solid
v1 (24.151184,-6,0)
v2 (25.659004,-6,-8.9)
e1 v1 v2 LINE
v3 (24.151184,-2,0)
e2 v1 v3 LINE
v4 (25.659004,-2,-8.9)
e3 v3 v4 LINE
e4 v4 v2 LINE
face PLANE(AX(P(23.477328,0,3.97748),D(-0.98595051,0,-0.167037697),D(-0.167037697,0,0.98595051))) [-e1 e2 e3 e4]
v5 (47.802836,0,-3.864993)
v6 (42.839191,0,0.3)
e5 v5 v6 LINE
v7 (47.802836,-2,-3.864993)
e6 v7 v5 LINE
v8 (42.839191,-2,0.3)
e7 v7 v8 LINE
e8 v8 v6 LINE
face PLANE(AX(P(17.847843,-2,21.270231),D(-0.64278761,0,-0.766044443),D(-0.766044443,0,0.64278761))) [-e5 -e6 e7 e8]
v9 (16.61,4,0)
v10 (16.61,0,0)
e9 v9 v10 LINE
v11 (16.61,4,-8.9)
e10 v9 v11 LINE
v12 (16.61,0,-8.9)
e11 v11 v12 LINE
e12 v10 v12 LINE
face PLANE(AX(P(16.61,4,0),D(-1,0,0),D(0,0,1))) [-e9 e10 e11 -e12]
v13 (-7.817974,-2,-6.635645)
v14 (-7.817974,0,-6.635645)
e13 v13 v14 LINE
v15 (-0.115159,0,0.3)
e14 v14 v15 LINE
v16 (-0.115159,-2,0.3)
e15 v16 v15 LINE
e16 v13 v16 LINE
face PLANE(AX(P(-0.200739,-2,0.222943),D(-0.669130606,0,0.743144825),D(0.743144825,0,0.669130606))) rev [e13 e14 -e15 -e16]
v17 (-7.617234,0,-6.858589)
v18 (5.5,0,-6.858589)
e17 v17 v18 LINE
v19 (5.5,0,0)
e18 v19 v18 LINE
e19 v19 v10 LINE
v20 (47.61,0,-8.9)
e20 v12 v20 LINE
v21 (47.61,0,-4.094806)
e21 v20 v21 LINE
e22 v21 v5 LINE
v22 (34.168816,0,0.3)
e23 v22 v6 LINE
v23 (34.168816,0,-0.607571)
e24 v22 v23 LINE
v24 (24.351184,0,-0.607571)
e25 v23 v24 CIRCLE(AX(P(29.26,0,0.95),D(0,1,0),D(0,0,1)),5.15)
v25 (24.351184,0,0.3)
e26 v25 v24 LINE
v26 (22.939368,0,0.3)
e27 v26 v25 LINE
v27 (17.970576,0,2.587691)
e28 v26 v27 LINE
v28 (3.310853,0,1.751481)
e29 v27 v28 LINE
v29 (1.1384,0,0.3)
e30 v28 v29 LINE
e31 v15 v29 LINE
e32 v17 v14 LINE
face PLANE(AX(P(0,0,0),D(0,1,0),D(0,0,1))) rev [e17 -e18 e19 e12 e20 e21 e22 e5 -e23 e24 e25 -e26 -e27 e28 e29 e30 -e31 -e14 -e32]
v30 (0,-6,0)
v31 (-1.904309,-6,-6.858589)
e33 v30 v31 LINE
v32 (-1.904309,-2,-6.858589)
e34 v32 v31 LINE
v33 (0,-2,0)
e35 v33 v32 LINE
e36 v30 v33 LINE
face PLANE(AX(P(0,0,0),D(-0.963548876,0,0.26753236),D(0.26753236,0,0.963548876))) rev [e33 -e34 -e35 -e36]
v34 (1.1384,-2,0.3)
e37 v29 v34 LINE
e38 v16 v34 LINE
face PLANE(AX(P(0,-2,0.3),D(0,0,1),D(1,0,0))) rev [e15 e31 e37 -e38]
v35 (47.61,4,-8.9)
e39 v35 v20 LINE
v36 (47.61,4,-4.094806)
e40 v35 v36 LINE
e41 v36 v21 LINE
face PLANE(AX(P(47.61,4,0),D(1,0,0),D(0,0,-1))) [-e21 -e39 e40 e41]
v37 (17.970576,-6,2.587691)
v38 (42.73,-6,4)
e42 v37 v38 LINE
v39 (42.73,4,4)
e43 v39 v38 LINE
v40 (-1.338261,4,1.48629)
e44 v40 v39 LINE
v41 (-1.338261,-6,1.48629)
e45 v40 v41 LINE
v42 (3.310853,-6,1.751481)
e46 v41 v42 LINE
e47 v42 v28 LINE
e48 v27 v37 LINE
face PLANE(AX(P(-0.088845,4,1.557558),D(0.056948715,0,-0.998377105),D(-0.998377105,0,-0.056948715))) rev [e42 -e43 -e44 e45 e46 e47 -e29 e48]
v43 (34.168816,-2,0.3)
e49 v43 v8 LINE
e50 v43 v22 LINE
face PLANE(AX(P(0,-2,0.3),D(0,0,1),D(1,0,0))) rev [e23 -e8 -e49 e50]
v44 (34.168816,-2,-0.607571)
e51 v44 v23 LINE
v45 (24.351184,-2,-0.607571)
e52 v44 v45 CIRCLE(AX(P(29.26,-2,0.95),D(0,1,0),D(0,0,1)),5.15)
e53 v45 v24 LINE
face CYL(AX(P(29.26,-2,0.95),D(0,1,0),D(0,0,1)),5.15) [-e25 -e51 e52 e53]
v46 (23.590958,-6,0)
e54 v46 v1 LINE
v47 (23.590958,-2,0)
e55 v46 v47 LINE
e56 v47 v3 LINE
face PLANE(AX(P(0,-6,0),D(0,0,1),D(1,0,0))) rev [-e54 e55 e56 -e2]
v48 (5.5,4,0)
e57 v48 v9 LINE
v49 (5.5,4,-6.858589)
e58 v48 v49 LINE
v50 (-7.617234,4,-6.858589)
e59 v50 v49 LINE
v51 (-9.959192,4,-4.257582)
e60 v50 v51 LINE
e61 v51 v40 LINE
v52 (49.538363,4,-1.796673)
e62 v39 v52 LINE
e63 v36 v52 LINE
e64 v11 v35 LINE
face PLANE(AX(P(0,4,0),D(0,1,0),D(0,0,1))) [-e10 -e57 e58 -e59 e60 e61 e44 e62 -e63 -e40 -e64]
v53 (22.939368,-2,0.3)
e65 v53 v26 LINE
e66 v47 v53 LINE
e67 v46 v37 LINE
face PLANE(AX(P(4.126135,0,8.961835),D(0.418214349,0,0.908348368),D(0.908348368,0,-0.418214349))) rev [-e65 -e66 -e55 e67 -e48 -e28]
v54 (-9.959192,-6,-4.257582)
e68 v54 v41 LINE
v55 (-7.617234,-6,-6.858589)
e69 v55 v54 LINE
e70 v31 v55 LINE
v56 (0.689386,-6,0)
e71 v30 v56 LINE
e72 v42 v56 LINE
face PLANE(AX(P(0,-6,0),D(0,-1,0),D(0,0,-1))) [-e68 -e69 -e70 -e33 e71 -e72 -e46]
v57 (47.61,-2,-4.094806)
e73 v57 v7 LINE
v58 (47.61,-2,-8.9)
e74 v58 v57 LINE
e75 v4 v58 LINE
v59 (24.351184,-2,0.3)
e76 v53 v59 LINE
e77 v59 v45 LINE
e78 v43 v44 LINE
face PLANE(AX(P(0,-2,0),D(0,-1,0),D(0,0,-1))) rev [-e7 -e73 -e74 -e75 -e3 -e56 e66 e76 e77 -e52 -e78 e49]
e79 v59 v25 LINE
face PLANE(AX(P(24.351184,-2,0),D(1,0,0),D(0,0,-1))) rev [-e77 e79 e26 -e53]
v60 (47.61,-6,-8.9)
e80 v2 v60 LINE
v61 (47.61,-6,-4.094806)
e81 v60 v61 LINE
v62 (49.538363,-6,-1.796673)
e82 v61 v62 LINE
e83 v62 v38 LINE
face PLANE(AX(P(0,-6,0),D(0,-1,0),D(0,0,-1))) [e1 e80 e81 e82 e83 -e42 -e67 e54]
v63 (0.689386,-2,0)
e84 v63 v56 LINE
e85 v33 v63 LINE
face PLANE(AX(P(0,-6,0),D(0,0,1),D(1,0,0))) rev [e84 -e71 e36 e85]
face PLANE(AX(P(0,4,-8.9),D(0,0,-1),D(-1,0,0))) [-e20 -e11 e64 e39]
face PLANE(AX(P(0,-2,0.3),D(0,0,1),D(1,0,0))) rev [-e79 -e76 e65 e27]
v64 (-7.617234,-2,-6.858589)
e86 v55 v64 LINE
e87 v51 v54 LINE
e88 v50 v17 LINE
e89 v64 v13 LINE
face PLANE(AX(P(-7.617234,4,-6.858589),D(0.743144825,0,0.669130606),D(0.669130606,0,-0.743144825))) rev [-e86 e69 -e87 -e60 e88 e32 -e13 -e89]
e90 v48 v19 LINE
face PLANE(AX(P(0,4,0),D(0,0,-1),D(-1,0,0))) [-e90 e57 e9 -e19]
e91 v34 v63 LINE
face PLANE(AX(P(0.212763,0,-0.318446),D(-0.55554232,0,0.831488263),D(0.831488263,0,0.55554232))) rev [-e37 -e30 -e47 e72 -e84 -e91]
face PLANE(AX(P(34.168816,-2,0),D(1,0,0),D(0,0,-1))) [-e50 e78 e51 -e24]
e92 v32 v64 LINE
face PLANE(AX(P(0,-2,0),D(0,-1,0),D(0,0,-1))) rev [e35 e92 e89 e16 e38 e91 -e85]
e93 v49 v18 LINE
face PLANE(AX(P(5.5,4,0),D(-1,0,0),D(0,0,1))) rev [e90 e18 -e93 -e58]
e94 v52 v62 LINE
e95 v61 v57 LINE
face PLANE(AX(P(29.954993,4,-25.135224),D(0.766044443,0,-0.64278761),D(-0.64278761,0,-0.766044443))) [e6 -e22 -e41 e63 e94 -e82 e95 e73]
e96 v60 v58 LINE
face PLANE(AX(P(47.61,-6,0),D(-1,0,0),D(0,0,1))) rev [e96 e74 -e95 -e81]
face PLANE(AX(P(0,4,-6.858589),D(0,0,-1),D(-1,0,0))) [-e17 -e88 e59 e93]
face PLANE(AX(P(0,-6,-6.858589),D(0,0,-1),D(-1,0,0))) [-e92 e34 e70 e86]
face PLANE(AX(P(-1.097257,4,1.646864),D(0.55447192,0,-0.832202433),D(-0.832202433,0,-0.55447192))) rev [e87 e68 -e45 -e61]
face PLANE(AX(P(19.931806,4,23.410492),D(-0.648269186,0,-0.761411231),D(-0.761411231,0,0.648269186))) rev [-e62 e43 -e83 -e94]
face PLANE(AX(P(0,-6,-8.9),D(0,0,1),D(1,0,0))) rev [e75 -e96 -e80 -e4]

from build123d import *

# Parameters (mm, degrees)
BOSS_EXTRUDE2_DEPTH = 4
BOSS_EXTRUDE3_DEPTH = 2
BOSS_EXTRUDE4_DEPTH = 4
SKETCH5_W           = 5.555
SKETCH5_H           = 3.214115871
CUT_EXTRUDE1_DEPTH  = 6


with BuildPart() as part:
    # Sketch2 → Boss-Extrude2 (new body)
    with BuildSketch(Plane(origin=(0, 0, 0), x_dir=(1, 0, 0), z_dir=(0, 1, 0))):
        Polygon((5.5, 6.858588715), (-7.617234461, 6.858588715), (-9.959191583, 4.257581826), (-1.338261213, -1.486289651), (42.73, -4), (49.538362829, 1.796672871), (47.61, 4.0948062), (47.61, 8.9), (16.61, 8.9), (16.61, 0), (5.5, 0), align=None)
    extrude(amount=BOSS_EXTRUDE2_DEPTH)

    # Sketch2<9> → Boss-Extrude3 (add)
    with BuildSketch(Plane(origin=(0, 0, 0), x_dir=(1, 0, 0), z_dir=(0, 1, 0))):
        with BuildLine():
            Line((-0.115159211, -0.3), (-7.817973643, 6.635645268))
            Line((-7.817973643, 6.635645268), (-9.959191583, 4.257581826))
            Line((-9.959191583, 4.257581826), (-1.338261213, -1.486289651))
            Line((-1.338261213, -1.486289651), (42.73, -4))
            Line((42.73, -4), (49.538362829, 1.796672871))
            Line((49.538362829, 1.796672871), (47.802836283, 3.864992867))
            Line((47.802836283, 3.864992867), (42.83919107, -0.3))
            Line((42.83919107, -0.3), (34.16881591, -0.3))
            Line((34.16881591, -0.3), (34.16881591, 0.607570661))
            ThreePointArc((34.16881591, 0.607570661), (29.26, 4.2), (24.35118409, 0.607570661))
            Line((24.35118409, 0.607570661), (24.35118409, -0.3))
            Line((24.35118409, -0.3), (-0.115159211, -0.3))
        make_face()
    extrude(amount=-BOSS_EXTRUDE3_DEPTH)

    # Sketch4 → Boss-Extrude4 (add)
    with BuildSketch(Plane(origin=(0, -2, 0), x_dir=(-1, 0, 0), z_dir=(0, -1, 0))):
        Polygon((-47.61, 8.9), (-47.61, 4.0948062), (-49.538362829, 1.796672871), (-42.73, -4), (1.338261213, -1.486289651), (9.959191583, 4.257581826), (7.617234461, 6.858588715), (0, 6.858588715), (0, 0), (-24.15118409, 0), (-24.15118409, 8.9), align=None)
    extrude(amount=BOSS_EXTRUDE4_DEPTH)

    # Sketch5 → Cut-Extrude1 (cut)
    with BuildSketch(Plane(origin=(0, -6, 0), x_dir=(-1, 0, 0), z_dir=(0, -1, 0))):
        Polygon((-25.659003688, 8.9), (-23.590958237, 8.9), (-23.590958237, 0), (-24.15118409, 0), align=None)
        Polygon((-23.590958237, 0), (-16.61, -3.214115871), (-16.61, 0), align=None)
        with Locations((-13.8325, -1.607057936)):
            Rectangle(SKETCH5_W, SKETCH5_H)
        with Locations((-8.2775, -1.607057936)):
            Rectangle(SKETCH5_W, SKETCH5_H)
        Polygon((-5.5, -3.214115871), (-0.689386067, 0), (-5.5, 0), align=None)
        Polygon((0, 0), (-0.689386067, 0), (-0.689386067, 6.858588715), (0, 6.858588715), (1.904308615, 6.858588715), align=None)
    extrude(amount=-CUT_EXTRUDE1_DEPTH, mode=Mode.SUBTRACT)


solid = part.part
